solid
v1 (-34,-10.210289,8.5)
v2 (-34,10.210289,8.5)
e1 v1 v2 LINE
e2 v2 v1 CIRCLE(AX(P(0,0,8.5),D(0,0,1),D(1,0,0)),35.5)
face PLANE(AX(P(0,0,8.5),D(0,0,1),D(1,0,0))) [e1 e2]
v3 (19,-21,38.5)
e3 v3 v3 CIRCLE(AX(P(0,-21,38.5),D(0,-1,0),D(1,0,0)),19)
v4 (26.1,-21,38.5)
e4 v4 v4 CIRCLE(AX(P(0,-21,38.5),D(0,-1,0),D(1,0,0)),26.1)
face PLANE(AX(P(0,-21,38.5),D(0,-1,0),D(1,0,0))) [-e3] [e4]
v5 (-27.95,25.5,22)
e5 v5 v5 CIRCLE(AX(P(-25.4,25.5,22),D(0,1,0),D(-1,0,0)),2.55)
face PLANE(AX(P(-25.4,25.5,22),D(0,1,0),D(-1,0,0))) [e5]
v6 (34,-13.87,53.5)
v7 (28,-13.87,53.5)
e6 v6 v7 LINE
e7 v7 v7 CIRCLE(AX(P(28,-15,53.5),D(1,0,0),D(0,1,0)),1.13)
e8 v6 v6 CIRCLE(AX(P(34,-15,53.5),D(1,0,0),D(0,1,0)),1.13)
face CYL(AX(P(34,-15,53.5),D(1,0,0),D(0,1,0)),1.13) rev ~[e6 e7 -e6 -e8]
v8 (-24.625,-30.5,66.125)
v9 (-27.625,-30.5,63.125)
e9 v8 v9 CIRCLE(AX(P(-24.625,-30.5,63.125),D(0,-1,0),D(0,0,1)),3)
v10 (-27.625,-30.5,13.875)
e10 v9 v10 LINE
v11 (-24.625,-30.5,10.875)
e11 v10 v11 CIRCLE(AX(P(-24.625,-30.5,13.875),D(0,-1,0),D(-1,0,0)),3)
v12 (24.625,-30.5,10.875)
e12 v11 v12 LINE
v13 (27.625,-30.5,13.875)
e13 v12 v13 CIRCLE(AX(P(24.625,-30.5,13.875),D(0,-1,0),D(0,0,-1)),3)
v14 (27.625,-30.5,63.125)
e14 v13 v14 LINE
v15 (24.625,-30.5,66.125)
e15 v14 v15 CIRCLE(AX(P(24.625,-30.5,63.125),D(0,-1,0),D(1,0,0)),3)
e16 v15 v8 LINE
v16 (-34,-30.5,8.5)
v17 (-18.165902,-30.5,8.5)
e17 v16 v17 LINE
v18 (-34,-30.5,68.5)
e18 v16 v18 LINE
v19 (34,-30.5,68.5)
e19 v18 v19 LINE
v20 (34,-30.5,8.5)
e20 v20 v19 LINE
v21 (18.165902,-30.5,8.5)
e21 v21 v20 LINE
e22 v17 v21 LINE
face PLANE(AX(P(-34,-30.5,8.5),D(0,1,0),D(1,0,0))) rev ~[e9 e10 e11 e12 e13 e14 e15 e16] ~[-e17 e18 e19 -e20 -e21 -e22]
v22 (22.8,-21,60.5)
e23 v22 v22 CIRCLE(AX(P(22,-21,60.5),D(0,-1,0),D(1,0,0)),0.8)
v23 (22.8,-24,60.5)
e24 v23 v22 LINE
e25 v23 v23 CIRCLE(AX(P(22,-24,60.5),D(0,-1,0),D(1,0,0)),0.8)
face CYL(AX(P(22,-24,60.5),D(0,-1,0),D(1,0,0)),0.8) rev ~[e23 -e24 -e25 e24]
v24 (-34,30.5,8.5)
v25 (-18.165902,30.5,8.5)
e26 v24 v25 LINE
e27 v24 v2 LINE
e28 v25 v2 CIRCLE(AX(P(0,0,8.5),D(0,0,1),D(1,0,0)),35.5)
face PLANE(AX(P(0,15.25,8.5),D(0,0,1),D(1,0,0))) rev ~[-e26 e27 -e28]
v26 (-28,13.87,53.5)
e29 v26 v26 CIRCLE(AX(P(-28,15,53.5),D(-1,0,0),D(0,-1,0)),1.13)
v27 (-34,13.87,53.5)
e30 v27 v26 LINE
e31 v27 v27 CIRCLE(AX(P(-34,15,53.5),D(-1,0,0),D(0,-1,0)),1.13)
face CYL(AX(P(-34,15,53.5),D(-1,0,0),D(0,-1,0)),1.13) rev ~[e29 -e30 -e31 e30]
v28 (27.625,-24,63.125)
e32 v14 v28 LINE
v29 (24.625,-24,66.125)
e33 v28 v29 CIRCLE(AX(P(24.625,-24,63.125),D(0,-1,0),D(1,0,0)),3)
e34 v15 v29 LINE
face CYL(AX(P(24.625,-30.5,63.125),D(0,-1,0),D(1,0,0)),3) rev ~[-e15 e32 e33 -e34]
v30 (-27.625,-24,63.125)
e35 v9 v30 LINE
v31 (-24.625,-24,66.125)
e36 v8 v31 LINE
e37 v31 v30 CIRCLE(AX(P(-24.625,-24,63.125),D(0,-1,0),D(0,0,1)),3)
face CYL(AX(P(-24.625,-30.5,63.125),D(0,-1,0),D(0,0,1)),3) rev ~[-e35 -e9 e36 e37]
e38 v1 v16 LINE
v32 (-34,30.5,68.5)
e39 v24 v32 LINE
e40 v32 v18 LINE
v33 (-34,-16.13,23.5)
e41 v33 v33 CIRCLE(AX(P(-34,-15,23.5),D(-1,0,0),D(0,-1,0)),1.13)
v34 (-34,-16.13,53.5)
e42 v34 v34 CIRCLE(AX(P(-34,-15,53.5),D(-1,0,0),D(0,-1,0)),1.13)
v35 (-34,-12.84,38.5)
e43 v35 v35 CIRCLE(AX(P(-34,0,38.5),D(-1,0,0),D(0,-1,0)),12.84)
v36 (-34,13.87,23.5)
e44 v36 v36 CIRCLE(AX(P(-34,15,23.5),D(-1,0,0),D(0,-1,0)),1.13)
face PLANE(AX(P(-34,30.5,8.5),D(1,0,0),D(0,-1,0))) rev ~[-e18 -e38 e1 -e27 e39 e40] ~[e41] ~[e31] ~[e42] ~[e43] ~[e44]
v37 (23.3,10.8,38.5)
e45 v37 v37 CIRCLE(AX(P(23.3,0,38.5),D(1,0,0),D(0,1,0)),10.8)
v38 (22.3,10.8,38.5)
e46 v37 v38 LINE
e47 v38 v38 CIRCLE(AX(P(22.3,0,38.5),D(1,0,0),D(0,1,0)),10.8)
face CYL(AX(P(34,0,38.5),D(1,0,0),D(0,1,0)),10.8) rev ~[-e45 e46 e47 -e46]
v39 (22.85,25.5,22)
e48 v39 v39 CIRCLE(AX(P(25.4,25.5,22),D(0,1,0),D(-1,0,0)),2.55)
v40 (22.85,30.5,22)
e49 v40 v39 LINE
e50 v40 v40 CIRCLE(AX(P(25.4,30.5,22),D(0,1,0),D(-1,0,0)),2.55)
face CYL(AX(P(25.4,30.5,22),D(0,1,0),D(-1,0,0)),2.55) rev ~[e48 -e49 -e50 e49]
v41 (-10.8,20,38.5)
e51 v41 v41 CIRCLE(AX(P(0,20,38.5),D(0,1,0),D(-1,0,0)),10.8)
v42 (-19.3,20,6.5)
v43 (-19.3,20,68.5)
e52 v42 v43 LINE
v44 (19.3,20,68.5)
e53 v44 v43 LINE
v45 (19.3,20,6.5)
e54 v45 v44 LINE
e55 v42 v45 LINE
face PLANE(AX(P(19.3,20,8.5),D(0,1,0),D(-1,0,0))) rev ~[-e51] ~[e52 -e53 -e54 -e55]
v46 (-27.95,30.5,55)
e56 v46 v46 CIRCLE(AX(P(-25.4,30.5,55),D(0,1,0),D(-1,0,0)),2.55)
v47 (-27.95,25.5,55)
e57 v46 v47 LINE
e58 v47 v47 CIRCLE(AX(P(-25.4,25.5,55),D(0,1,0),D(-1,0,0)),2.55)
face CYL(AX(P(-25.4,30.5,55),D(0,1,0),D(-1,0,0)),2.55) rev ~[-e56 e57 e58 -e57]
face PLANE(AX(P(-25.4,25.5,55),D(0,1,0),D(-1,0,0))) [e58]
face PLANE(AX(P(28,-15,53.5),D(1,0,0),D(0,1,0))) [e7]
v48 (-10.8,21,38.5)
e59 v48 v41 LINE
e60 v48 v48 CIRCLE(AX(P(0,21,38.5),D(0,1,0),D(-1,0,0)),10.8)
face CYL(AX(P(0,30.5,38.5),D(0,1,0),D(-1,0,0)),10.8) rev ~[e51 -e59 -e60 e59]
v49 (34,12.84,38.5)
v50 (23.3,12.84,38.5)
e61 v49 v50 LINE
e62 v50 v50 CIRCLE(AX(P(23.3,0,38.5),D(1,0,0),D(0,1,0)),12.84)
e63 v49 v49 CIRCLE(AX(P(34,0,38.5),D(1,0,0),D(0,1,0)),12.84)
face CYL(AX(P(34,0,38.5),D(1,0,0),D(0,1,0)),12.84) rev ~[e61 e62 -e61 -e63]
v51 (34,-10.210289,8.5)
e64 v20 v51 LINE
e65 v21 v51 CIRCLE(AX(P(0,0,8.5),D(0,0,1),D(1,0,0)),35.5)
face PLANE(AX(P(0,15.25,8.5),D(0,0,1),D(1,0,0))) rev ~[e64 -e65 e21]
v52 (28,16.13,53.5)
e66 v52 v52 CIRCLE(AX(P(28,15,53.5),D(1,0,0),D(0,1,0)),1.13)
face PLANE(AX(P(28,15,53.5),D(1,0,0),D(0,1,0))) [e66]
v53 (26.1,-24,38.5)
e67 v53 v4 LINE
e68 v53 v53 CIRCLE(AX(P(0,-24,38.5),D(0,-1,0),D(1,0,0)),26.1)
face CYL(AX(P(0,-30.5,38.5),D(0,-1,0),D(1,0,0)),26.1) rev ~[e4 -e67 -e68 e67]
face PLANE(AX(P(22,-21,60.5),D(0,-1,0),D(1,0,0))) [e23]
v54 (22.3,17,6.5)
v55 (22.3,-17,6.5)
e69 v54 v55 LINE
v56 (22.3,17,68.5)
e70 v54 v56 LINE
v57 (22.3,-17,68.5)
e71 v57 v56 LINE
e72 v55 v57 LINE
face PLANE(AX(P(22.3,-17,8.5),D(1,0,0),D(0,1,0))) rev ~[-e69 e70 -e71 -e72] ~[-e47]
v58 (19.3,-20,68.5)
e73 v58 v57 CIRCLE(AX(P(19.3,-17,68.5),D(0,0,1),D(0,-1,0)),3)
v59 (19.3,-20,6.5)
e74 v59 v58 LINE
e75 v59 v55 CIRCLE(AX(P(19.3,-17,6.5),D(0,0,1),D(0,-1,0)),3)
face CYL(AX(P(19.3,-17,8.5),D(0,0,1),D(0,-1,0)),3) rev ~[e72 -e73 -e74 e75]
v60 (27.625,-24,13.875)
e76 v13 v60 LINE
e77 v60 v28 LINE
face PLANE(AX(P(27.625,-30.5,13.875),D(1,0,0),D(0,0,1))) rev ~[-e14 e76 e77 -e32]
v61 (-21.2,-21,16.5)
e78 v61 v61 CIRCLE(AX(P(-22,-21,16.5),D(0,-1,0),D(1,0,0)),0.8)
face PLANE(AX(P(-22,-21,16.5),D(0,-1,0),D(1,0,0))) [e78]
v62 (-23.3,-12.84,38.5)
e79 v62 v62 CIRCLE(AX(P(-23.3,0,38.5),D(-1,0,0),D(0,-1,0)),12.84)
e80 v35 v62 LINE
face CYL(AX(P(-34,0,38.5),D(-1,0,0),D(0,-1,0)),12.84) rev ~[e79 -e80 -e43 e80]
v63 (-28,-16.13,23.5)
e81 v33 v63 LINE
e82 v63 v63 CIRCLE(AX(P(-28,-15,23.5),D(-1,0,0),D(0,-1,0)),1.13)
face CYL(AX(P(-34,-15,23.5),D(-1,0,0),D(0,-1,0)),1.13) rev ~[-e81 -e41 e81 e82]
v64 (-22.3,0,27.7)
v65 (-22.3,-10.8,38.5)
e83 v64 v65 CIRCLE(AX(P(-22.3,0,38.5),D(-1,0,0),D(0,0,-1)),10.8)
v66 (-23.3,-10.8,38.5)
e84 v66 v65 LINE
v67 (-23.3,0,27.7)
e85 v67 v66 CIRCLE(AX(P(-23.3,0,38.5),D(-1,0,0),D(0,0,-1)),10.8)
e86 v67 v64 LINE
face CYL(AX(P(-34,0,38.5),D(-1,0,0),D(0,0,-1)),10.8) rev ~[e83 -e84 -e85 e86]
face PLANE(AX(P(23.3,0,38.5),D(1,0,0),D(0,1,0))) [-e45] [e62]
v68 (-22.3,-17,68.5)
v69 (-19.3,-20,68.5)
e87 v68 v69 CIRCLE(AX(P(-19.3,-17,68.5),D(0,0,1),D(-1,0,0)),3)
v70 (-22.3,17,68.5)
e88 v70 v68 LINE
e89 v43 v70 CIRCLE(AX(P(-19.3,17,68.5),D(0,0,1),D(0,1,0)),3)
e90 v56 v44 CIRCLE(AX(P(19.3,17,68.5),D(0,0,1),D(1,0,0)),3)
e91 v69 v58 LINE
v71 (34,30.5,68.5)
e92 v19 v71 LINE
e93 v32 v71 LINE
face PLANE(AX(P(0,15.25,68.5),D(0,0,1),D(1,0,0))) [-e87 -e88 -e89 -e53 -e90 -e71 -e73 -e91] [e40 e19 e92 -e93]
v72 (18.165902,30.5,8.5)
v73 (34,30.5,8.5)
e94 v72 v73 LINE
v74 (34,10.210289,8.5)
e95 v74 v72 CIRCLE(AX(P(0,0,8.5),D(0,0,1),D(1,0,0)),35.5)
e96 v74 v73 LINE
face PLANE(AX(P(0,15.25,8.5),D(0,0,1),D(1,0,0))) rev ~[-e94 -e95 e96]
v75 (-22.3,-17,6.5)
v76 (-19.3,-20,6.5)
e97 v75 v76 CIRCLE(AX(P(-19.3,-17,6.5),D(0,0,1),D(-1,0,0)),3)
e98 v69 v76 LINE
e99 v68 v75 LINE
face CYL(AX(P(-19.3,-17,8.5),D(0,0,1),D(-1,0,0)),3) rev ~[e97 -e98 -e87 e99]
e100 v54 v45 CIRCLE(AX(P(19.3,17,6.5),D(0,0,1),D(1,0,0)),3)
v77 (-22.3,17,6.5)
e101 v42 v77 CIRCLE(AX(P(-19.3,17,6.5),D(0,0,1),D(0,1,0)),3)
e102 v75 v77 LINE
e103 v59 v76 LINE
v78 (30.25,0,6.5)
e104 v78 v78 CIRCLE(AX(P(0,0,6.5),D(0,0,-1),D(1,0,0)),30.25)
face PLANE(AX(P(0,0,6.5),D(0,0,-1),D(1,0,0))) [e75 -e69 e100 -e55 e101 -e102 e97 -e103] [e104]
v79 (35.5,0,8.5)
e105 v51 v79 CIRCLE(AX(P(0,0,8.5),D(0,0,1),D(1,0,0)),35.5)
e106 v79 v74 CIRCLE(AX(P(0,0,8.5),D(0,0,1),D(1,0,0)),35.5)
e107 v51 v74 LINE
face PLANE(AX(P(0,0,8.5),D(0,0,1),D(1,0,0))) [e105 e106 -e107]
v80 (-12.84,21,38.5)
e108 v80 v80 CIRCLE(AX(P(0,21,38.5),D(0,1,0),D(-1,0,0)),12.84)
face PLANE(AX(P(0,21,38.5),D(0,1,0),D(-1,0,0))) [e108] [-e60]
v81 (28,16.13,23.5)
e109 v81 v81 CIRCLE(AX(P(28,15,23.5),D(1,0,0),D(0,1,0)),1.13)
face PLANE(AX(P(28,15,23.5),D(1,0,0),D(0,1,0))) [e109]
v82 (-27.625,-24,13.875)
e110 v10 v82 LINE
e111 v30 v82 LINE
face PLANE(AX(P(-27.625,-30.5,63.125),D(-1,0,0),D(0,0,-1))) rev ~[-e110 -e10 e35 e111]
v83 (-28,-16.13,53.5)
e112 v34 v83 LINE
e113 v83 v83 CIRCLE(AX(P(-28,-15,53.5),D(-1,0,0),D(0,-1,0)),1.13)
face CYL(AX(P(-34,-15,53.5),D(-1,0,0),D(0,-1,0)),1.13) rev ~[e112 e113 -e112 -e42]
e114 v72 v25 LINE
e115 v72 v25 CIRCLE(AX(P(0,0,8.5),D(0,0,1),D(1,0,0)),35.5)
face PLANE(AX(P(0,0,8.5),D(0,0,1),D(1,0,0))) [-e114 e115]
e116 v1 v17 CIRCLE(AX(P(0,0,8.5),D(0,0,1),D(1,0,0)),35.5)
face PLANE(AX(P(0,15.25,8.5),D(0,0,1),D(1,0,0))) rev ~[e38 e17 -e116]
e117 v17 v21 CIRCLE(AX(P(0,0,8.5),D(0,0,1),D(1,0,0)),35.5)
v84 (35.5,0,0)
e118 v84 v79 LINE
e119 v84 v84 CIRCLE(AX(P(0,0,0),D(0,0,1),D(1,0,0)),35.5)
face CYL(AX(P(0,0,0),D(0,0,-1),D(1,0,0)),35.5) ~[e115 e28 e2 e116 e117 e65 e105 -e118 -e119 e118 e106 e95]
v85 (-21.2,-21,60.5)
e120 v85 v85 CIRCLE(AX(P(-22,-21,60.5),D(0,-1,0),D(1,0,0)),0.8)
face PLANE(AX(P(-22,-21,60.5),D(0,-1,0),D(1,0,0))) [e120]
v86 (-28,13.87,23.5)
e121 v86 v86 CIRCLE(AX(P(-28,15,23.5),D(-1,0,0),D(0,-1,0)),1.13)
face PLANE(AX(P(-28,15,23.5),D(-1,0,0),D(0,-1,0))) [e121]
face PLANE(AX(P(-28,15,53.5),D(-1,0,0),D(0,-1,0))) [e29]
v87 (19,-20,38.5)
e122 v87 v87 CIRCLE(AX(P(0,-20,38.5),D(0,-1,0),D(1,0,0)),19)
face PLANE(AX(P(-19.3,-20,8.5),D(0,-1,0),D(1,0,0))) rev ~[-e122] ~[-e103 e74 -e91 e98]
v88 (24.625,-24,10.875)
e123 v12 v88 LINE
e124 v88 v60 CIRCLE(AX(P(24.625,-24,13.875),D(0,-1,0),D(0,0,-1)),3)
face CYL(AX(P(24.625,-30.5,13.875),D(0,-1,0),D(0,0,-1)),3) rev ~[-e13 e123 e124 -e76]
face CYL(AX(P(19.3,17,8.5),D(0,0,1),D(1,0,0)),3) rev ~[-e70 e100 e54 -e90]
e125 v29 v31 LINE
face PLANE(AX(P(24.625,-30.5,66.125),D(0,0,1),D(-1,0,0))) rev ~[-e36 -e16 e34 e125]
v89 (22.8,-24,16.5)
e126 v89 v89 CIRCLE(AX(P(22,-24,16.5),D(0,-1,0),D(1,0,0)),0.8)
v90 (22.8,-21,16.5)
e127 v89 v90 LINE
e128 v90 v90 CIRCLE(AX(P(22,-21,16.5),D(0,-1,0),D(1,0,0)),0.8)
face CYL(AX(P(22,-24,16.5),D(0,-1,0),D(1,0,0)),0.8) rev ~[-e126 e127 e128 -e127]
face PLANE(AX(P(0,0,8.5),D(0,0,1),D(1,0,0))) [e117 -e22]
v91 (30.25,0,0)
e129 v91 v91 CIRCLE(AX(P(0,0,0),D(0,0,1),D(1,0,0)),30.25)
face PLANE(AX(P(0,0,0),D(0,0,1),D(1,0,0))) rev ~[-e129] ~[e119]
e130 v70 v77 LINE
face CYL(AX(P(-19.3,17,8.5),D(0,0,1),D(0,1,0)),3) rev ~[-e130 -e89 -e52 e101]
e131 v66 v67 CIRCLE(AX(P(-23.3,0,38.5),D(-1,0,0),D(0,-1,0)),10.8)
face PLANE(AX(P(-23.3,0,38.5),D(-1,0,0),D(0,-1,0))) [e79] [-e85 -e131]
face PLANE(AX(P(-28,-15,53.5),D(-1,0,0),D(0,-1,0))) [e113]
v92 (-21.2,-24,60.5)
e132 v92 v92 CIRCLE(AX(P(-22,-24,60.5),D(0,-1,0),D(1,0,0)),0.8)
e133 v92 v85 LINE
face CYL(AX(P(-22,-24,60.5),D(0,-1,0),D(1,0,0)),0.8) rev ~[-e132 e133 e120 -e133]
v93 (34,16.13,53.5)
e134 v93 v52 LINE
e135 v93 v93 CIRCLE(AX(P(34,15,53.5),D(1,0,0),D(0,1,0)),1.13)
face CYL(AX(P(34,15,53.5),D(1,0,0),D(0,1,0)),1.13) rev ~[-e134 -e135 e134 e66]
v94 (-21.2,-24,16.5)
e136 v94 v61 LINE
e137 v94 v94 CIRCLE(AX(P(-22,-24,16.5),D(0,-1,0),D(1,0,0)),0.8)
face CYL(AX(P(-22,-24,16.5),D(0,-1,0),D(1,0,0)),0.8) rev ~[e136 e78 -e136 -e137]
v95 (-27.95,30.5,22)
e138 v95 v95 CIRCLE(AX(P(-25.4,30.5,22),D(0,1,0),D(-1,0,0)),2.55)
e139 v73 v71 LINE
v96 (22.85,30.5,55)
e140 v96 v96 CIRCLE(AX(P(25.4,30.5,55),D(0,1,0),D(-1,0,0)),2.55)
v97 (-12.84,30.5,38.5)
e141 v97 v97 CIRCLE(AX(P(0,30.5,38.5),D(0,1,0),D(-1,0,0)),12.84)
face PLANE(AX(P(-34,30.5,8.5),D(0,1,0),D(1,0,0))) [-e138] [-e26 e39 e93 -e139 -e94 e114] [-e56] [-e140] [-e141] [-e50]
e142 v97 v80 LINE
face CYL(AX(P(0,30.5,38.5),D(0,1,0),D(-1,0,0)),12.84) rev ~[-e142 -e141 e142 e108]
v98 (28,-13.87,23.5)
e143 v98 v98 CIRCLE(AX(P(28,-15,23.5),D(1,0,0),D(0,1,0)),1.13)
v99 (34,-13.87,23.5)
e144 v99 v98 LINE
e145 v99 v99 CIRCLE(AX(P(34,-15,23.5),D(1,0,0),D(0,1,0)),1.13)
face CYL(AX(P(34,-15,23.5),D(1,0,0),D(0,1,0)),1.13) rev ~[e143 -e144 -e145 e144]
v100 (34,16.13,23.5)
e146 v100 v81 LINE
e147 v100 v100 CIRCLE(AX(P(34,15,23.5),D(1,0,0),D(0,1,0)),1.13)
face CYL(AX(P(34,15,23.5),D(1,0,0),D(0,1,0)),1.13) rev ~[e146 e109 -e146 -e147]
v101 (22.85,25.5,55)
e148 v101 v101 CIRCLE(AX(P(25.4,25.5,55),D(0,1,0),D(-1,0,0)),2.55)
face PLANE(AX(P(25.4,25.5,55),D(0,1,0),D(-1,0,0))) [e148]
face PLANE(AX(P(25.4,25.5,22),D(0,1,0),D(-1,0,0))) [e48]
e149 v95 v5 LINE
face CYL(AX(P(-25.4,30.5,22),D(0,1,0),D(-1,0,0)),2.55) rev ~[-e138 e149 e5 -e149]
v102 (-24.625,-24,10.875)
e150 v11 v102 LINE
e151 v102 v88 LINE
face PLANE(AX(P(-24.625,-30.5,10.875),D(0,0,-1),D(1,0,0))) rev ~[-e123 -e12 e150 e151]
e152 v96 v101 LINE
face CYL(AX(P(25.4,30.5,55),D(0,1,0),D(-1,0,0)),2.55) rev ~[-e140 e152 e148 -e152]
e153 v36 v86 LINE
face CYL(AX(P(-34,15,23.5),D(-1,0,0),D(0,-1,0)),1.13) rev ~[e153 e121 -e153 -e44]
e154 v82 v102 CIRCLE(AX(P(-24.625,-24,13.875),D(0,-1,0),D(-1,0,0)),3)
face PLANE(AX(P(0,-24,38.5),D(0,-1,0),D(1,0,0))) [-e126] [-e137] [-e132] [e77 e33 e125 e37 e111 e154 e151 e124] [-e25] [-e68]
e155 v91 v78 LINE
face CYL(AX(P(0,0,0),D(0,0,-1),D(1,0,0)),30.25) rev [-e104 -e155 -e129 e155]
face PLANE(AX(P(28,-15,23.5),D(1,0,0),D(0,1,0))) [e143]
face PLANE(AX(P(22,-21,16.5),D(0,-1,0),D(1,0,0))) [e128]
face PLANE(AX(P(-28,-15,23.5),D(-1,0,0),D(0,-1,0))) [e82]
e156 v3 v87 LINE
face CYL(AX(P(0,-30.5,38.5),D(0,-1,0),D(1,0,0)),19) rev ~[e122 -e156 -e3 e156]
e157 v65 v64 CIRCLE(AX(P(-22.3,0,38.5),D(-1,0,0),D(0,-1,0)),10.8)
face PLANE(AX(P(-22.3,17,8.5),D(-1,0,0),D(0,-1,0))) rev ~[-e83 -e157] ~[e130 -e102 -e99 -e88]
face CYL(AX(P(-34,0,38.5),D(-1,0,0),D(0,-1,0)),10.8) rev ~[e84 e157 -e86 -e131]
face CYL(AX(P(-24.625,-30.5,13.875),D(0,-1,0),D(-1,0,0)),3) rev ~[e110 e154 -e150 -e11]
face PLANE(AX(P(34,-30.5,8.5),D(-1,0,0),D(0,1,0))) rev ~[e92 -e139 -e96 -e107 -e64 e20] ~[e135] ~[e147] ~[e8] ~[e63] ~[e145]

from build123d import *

# Parameters (mm, degrees)
F1_R      = 35.5
F2_DEPTH  = 8.5
F0_R      = 30.25
F3_DEPTH  = 8.5
F5_W      = 68
F5_H      = 30.5
F6_DEPTH  = 60
F7_R      = 35.25
F8_DEPTH  = 2
F9_DEPTH  = 100
F10_R     = 19
F11_DEPTH = 12
F12_R     = 26.1
F13_DEPTH = 9.5
F15_DEPTH = 6.5
F17_DEPTH = 25
F18_R     = 12.84
F19_DEPTH = 10.7
F20_R     = 10.8
F21_DEPTH = 25
F22_R     = 12.84
F23_DEPTH = 9.5
F24_R     = 0.8
F25_DEPTH = 3
F26_R     = 2.55
F27_DEPTH = 5
F28_R     = 10.8
F29_DEPTH = 25
F30_R     = 12.84
F31_DEPTH = 10.7
F32_R     = 1.13
F33_DEPTH = 6
F34_R     = 1.13
F35_DEPTH = 6


with BuildPart() as f2:
    # F1 (on Top) → F2 (new body)
    with BuildSketch(Plane.XY):
        Circle(F1_R)
    extrude(amount=F2_DEPTH)

    # F0 (on Top) → F3 (cut)
    with BuildSketch(Plane.XY):
        Circle(F0_R)
    extrude(amount=F3_DEPTH, mode=Mode.SUBTRACT)

    # F5 (on face) → F6 (join)
    with BuildSketch(Plane.XY.offset(8.5)):
        with Locations((0, 15.25)):
            Rectangle(F5_W, F5_H)
        with Locations((0, -15.25)):
            Rectangle(F5_W, F5_H)
    extrude(amount=F6_DEPTH)

    # F7 (on face) → F8 (join)
    with BuildSketch(Plane(origin=(0, 0, 8.5), x_dir=(1, 0, 0), z_dir=(0, 0, -1))):
        Circle(F7_R)
    extrude(amount=F8_DEPTH)

    # F4 (on face) → F9 (cut, symmetric)
    with BuildSketch(Plane.XY.offset(8.5)):
        with BuildLine():
            Line((-19.3, -20), (19.3, -20))
            ThreePointArc((19.3, -20), (21.4213203436, -19.1213203436), (22.3, -17))
            Line((22.3, -17), (22.3, 17))
            ThreePointArc((22.3, 17), (21.4213203436, 19.1213203436), (19.3, 20))
            Line((19.3, 20), (-19.3, 20))
            ThreePointArc((-19.3, 20), (-21.4213203436, 19.1213203436), (-22.3, 17))
            Line((-22.3, 17), (-22.3, -17))
            ThreePointArc((-22.3, -17), (-21.4213203436, -19.1213203436), (-19.3, -20))
        make_face()
    extrude(amount=F9_DEPTH, both=True, mode=Mode.SUBTRACT)

    # F10 (on face) → F11 (cut)
    with BuildSketch(Plane.XZ.offset(30.5)):
        with Locations((0, 38.5)):
            Circle(F10_R)
    extrude(amount=-F11_DEPTH, mode=Mode.SUBTRACT)

    # F12 (on face) → F13 (cut)
    with BuildSketch(Plane.XZ.offset(30.5)):
        with Locations((0, 38.5)):
            Circle(F12_R)
    extrude(amount=-F13_DEPTH, mode=Mode.SUBTRACT)

    # F14 (on face) → F15 (cut)
    with BuildSketch(Plane.XZ.offset(30.5)):
        with BuildLine():
            Line((-24.625, 10.875), (24.625, 10.875))
            ThreePointArc((24.625, 10.875), (26.7463203436, 11.7536796564), (27.625, 13.875))
            Line((27.625, 13.875), (27.625, 63.125))
            ThreePointArc((27.625, 63.125), (26.7463203436, 65.2463203436), (24.625, 66.125))
            Line((24.625, 66.125), (-24.625, 66.125))
            ThreePointArc((-24.625, 66.125), (-26.7463203436, 65.2463203436), (-27.625, 63.125))
            Line((-27.625, 63.125), (-27.625, 13.875))
            ThreePointArc((-27.625, 13.875), (-26.7463203436, 11.7536796564), (-24.625, 10.875))
        make_face()
    extrude(amount=-F15_DEPTH, mode=Mode.SUBTRACT)

    # F16 (on face) → F17 (cut)
    with BuildSketch(Plane(origin=(-34, 0, 0), x_dir=(0, -1, 0), z_dir=(-1, 0, 0))):
        with BuildLine():
            ThreePointArc((0, 27.7), (7.6367532368, 30.8632467632), (10.8, 38.5))
            ThreePointArc((10.8, 38.5), (-7.6367532368, 46.1367532368), (0, 27.7))
        make_face()
    extrude(amount=-F17_DEPTH, mode=Mode.SUBTRACT)

    # F18 (on face) → F19 (cut)
    with BuildSketch(Plane(origin=(-34, 0, 0), x_dir=(0, -1, 0), z_dir=(-1, 0, 0))):
        with Locations((0, 38.5)):
            Circle(F18_R)
    extrude(amount=-F19_DEPTH, mode=Mode.SUBTRACT)

    # F20 (on face) → F21 (cut)
    with BuildSketch(Plane(origin=(0, 30.5, 0), x_dir=(-1, 0, 0), z_dir=(0, 1, 0))):
        with Locations((0, 38.5)):
            Circle(F20_R)
    extrude(amount=-F21_DEPTH, mode=Mode.SUBTRACT)

    # F22 (on face) → F23 (cut)
    with BuildSketch(Plane(origin=(0, 30.5, 0), x_dir=(-1, 0, 0), z_dir=(0, 1, 0))):
        with Locations((0, 38.5)):
            Circle(F22_R)
    extrude(amount=-F23_DEPTH, mode=Mode.SUBTRACT)

    # F24 (on face) → F25 (cut)
    with BuildSketch(Plane.XZ.offset(24)):
        with Locations((-22, 60.5)):
            Circle(F24_R)
        with Locations((22, 60.5)):
            Circle(F24_R)
        with Locations((22, 16.5)):
            Circle(F24_R)
        with Locations((-22, 16.5)):
            Circle(F24_R)
    extrude(amount=-F25_DEPTH, mode=Mode.SUBTRACT)

    # F26 (on face) → F27 (cut)
    with BuildSketch(Plane(origin=(0, 30.5, 0), x_dir=(-1, 0, 0), z_dir=(0, 1, 0))):
        with Locations((-25.4, 55)):
            Circle(F26_R)
        with Locations((25.4, 55)):
            Circle(F26_R)
        with Locations((25.4, 22)):
            Circle(F26_R)
        with Locations((-25.4, 22)):
            Circle(F26_R)
    extrude(amount=-F27_DEPTH, mode=Mode.SUBTRACT)

    # F28 (on face) → F29 (cut)
    with BuildSketch(Plane.YZ.offset(34)):
        with Locations((0, 38.5)):
            Circle(F28_R)
    extrude(amount=-F29_DEPTH, mode=Mode.SUBTRACT)

    # F30 (on face) → F31 (cut)
    with BuildSketch(Plane.YZ.offset(34)):
        with Locations((0, 38.5)):
            Circle(F30_R)
    extrude(amount=-F31_DEPTH, mode=Mode.SUBTRACT)

    # F32 (on face) → F33 (cut)
    with BuildSketch(Plane.YZ.offset(34)):
        with Locations((-15, 53.5)):
            Circle(F32_R)
        with Locations((15, 53.5)):
            Circle(F32_R)
        with Locations((15, 23.5)):
            Circle(F32_R)
        with Locations((-15, 23.5)):
            Circle(F32_R)
    extrude(amount=-F33_DEPTH, mode=Mode.SUBTRACT)

    # F34 (on face) → F35 (cut)
    with BuildSketch(Plane(origin=(-34, 0, 0), x_dir=(0, -1, 0), z_dir=(-1, 0, 0))):
        with Locations((-15, 23.5)):
            Circle(F34_R)
        with Locations((15, 23.5)):
            Circle(F34_R)
        with Locations((15, 53.5)):
            Circle(F34_R)
        with Locations((-15, 53.5)):
            Circle(F34_R)
    extrude(amount=-F35_DEPTH, mode=Mode.SUBTRACT)


solid = f2.part
